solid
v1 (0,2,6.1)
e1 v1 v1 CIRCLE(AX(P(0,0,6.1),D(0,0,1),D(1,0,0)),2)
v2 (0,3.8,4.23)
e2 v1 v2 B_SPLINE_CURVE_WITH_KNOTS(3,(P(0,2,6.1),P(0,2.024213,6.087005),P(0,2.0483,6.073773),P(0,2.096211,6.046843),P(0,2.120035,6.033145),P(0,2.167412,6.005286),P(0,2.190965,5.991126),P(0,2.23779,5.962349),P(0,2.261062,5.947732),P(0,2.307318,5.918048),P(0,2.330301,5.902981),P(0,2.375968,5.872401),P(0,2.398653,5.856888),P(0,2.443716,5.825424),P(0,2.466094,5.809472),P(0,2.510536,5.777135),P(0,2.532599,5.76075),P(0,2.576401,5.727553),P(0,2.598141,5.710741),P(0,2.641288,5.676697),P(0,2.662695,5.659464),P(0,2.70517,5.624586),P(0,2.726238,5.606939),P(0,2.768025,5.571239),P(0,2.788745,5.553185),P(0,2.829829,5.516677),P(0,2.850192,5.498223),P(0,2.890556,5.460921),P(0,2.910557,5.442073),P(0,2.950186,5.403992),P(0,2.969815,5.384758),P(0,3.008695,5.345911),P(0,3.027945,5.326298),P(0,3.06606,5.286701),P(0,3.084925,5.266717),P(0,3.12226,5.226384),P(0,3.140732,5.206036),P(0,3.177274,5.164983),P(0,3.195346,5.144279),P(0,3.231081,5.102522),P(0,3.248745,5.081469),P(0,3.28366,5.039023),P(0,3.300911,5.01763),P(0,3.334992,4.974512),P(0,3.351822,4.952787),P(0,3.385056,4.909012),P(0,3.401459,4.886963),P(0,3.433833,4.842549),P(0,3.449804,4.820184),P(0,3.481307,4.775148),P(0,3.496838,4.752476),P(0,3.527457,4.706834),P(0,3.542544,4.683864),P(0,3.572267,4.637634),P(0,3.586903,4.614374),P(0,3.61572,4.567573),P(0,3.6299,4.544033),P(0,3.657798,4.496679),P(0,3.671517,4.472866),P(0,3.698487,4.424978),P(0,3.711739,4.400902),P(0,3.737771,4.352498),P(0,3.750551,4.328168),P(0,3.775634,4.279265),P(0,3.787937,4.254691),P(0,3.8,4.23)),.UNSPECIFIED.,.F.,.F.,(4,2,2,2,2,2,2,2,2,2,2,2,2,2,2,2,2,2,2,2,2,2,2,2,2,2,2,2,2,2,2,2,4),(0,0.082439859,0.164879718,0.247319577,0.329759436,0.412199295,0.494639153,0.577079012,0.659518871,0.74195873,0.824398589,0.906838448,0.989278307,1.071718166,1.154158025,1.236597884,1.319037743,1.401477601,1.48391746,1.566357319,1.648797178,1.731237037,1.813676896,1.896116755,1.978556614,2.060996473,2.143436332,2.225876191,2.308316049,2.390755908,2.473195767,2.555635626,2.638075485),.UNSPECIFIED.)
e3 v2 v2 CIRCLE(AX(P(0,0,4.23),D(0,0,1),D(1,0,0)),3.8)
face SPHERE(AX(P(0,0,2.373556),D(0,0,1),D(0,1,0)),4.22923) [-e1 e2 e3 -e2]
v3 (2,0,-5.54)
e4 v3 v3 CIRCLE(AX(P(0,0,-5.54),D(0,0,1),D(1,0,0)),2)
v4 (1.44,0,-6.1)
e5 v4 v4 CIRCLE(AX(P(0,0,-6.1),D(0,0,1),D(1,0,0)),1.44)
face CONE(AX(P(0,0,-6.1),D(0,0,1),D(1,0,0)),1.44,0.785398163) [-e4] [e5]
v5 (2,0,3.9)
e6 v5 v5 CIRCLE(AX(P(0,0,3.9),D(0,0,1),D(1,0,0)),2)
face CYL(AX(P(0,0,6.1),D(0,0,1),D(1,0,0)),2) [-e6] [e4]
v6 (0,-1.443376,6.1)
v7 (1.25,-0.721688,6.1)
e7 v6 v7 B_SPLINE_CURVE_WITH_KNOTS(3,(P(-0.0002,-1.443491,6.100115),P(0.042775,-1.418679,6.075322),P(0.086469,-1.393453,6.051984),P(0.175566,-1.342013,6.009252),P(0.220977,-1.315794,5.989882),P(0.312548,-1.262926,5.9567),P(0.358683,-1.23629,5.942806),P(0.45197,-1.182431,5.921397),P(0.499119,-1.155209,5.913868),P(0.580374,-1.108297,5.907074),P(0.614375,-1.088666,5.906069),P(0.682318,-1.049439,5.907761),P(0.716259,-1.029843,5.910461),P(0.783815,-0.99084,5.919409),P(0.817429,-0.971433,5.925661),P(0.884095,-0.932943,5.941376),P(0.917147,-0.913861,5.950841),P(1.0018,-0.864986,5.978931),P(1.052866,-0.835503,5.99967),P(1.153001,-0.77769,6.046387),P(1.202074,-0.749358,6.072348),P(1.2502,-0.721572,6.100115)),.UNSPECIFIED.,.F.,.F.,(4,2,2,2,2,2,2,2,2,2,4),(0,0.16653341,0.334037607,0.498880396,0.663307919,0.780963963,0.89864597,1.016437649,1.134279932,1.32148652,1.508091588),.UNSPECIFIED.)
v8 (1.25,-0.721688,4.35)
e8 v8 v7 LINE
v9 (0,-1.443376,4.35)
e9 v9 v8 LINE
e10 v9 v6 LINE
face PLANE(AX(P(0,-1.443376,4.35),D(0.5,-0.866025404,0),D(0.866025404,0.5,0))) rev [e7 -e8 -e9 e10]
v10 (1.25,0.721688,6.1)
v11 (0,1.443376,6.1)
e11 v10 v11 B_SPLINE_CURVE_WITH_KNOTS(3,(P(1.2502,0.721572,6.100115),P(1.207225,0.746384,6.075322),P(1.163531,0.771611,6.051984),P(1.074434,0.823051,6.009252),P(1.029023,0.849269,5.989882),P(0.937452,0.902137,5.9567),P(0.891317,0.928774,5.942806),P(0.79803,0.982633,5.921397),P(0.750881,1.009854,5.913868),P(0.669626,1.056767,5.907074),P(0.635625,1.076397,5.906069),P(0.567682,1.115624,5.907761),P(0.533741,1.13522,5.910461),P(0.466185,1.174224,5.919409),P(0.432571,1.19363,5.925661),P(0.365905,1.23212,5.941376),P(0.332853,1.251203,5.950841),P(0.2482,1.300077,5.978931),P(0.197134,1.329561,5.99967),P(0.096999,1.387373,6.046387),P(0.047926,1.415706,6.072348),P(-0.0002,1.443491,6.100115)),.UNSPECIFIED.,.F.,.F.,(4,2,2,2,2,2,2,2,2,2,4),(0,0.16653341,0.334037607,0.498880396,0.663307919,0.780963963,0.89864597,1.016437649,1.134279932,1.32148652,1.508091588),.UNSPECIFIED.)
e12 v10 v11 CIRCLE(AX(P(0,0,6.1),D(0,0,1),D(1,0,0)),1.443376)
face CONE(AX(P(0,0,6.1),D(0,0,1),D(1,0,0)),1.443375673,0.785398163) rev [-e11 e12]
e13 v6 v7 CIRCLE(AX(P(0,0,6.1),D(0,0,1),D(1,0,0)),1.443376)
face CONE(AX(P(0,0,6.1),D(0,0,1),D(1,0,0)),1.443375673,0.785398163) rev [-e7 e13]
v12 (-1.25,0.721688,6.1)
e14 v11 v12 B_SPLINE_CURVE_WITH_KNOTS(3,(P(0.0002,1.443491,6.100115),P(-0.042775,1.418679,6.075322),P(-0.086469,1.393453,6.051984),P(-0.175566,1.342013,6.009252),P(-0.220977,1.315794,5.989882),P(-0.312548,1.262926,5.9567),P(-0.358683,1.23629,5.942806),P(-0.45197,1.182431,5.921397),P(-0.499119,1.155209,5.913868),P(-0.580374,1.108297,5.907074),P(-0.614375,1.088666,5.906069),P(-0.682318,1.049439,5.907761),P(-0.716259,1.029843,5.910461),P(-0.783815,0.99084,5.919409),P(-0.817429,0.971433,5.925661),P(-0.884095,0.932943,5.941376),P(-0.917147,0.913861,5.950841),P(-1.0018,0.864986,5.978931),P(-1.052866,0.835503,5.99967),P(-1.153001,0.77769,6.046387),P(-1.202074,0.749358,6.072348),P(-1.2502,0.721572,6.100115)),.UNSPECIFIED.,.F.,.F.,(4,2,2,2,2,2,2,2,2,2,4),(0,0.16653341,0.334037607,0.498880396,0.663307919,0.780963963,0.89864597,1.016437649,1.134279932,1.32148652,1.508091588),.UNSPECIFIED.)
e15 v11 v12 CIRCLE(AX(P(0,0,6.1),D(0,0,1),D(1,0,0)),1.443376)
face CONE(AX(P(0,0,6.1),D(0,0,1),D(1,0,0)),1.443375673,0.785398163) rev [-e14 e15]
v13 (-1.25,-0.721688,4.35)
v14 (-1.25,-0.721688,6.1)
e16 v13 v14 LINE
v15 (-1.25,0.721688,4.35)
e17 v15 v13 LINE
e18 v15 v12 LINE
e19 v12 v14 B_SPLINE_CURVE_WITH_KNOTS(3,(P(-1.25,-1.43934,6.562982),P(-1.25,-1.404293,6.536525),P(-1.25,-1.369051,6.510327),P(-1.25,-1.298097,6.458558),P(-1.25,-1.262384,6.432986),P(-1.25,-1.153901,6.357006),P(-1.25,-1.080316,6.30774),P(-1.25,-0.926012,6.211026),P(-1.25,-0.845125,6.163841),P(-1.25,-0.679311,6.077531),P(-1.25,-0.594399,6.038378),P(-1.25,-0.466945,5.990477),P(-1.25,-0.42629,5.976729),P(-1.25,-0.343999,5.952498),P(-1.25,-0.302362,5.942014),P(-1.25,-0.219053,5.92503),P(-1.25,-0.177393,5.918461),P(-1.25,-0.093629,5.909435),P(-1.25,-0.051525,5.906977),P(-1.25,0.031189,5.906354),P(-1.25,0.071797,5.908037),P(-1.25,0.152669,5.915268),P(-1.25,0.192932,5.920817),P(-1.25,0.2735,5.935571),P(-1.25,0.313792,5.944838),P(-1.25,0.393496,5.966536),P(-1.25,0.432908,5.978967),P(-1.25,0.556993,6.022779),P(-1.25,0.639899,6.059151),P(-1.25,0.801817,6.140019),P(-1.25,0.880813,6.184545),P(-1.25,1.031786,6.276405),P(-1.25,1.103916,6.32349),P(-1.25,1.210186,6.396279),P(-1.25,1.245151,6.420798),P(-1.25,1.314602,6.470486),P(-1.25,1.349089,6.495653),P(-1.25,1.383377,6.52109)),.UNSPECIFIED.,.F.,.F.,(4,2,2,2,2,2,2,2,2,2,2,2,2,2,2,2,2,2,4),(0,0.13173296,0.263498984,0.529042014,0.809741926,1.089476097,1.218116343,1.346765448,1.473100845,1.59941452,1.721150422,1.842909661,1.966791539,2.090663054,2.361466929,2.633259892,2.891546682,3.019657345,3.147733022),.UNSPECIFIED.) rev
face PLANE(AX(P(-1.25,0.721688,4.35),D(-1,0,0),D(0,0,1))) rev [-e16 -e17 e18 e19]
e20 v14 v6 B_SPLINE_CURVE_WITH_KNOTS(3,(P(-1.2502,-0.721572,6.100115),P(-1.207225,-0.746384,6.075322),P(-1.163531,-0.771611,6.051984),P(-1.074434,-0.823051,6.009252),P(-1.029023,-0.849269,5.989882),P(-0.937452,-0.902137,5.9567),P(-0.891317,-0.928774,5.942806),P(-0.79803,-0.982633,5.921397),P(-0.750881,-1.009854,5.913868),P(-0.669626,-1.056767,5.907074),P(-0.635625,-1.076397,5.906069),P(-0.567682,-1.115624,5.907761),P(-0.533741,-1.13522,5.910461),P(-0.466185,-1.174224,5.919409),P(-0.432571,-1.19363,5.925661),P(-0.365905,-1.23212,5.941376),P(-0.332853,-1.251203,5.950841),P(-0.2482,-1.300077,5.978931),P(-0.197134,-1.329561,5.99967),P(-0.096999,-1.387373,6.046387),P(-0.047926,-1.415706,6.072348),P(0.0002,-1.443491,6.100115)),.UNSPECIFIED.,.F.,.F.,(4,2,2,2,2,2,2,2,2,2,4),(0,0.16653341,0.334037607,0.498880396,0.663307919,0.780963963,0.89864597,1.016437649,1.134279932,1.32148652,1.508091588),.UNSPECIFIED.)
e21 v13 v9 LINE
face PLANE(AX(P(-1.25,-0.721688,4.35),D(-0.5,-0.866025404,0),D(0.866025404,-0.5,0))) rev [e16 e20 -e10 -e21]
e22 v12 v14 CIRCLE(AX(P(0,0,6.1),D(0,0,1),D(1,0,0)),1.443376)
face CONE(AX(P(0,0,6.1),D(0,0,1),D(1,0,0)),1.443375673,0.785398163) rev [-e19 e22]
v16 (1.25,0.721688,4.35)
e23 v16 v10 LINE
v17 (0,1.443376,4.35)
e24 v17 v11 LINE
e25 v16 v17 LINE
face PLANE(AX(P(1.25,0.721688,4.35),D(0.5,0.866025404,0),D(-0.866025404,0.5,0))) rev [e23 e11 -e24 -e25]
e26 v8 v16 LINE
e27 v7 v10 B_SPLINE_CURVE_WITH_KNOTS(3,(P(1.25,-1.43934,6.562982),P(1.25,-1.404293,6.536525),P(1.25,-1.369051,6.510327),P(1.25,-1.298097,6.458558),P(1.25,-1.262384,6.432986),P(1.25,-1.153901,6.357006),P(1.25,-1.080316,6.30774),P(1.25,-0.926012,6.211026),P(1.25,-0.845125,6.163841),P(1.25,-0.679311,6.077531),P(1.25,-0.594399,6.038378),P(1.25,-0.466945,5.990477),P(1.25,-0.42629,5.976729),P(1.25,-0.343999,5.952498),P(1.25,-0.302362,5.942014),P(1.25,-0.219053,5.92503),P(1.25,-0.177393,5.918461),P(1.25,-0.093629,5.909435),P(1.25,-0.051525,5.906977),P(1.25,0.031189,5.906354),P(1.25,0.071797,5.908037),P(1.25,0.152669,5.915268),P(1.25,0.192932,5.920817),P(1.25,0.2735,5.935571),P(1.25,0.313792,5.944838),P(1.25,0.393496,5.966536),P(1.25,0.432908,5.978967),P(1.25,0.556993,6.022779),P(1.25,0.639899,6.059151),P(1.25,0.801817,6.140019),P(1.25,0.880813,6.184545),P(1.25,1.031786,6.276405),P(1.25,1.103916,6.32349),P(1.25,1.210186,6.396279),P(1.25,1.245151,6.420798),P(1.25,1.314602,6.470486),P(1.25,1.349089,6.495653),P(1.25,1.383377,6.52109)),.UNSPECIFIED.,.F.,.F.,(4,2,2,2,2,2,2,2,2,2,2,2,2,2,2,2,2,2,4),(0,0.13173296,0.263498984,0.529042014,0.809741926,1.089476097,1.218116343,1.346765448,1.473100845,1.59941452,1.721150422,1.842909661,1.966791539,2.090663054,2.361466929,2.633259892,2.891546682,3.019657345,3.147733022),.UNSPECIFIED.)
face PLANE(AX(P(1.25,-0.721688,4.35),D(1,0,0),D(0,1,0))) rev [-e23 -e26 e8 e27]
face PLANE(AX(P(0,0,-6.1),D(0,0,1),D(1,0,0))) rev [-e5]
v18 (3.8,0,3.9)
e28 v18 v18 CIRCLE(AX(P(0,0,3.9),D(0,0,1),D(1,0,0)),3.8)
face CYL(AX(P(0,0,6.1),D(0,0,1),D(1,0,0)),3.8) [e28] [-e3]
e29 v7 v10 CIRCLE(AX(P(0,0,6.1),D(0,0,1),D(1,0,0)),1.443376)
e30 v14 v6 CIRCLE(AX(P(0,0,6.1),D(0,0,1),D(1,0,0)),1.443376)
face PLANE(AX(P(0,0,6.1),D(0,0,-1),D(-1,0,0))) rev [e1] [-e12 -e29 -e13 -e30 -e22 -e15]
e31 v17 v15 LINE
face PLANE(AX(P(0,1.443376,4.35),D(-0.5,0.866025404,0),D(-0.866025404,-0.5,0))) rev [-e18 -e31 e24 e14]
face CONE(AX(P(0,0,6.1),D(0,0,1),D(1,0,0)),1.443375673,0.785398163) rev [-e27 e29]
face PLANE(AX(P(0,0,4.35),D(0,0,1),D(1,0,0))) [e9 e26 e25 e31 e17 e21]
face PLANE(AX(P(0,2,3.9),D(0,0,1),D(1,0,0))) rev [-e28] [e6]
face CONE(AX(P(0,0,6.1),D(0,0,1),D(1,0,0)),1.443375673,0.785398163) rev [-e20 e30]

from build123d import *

# Parameters (mm, degrees)
CUT_EXTRUDE1_DEPTH = 1.75


with BuildPart() as part:
    # Sketch2 → Revolve1 (revolve)
    with BuildSketch(Plane(origin=(0, 0, 0), x_dir=(0, 0, -1), z_dir=(1, 0, 0)), mode=Mode.PRIVATE) as revolve1_sk:
        with BuildLine():
            Line((-6.1, 0), (6.1, 0))
            Line((6.1, 0), (6.1, 1.44))
            Line((6.1, 1.44), (5.54, 2))
            Line((5.54, 2), (-3.9, 2))
            Line((-3.9, 2), (-3.9, 3.8))
            Line((-3.9, 3.8), (-4.23, 3.8))
            ThreePointArc((-4.23, 3.8), (-5.306499853, 3.047002626), (-6.1, 2))
            Line((-6.1, 2), (-6.1, 0))
        make_face()
    revolve(revolve1_sk.sketch.rotate(Axis((0, 0, 6.1), (0, 0, -1)), 90), axis=Axis((0, 0, 6.1), (0, 0, -1)))

    # Sketch3 → Cut-Extrude1 (cut)
    with BuildSketch(Plane.XY.offset(6.1)):
        Polygon((0, 1.443375673), (-1.25, 0.721687836), (-1.25, -0.721687836), (0, -1.443375673), (1.25, -0.721687836), (1.25, 0.721687836), align=None)
    extrude(amount=-CUT_EXTRUDE1_DEPTH, mode=Mode.SUBTRACT)

    # Cut-Extrude2 cone 1 section (through the dimple's axis) → Cut-Extrude2 (revolve, cut)
    with BuildSketch(Plane(origin=(0, 0, 6.1), x_dir=(0, -1, 0), z_dir=(1, 0, 0))):
        Polygon((0, 0), (1.443375673, 0), (0, 1.443375673), align=None)
    revolve(axis=Axis((0, 0, 6.1), (0, 0, -1)), mode=Mode.SUBTRACT)


solid = part.part
